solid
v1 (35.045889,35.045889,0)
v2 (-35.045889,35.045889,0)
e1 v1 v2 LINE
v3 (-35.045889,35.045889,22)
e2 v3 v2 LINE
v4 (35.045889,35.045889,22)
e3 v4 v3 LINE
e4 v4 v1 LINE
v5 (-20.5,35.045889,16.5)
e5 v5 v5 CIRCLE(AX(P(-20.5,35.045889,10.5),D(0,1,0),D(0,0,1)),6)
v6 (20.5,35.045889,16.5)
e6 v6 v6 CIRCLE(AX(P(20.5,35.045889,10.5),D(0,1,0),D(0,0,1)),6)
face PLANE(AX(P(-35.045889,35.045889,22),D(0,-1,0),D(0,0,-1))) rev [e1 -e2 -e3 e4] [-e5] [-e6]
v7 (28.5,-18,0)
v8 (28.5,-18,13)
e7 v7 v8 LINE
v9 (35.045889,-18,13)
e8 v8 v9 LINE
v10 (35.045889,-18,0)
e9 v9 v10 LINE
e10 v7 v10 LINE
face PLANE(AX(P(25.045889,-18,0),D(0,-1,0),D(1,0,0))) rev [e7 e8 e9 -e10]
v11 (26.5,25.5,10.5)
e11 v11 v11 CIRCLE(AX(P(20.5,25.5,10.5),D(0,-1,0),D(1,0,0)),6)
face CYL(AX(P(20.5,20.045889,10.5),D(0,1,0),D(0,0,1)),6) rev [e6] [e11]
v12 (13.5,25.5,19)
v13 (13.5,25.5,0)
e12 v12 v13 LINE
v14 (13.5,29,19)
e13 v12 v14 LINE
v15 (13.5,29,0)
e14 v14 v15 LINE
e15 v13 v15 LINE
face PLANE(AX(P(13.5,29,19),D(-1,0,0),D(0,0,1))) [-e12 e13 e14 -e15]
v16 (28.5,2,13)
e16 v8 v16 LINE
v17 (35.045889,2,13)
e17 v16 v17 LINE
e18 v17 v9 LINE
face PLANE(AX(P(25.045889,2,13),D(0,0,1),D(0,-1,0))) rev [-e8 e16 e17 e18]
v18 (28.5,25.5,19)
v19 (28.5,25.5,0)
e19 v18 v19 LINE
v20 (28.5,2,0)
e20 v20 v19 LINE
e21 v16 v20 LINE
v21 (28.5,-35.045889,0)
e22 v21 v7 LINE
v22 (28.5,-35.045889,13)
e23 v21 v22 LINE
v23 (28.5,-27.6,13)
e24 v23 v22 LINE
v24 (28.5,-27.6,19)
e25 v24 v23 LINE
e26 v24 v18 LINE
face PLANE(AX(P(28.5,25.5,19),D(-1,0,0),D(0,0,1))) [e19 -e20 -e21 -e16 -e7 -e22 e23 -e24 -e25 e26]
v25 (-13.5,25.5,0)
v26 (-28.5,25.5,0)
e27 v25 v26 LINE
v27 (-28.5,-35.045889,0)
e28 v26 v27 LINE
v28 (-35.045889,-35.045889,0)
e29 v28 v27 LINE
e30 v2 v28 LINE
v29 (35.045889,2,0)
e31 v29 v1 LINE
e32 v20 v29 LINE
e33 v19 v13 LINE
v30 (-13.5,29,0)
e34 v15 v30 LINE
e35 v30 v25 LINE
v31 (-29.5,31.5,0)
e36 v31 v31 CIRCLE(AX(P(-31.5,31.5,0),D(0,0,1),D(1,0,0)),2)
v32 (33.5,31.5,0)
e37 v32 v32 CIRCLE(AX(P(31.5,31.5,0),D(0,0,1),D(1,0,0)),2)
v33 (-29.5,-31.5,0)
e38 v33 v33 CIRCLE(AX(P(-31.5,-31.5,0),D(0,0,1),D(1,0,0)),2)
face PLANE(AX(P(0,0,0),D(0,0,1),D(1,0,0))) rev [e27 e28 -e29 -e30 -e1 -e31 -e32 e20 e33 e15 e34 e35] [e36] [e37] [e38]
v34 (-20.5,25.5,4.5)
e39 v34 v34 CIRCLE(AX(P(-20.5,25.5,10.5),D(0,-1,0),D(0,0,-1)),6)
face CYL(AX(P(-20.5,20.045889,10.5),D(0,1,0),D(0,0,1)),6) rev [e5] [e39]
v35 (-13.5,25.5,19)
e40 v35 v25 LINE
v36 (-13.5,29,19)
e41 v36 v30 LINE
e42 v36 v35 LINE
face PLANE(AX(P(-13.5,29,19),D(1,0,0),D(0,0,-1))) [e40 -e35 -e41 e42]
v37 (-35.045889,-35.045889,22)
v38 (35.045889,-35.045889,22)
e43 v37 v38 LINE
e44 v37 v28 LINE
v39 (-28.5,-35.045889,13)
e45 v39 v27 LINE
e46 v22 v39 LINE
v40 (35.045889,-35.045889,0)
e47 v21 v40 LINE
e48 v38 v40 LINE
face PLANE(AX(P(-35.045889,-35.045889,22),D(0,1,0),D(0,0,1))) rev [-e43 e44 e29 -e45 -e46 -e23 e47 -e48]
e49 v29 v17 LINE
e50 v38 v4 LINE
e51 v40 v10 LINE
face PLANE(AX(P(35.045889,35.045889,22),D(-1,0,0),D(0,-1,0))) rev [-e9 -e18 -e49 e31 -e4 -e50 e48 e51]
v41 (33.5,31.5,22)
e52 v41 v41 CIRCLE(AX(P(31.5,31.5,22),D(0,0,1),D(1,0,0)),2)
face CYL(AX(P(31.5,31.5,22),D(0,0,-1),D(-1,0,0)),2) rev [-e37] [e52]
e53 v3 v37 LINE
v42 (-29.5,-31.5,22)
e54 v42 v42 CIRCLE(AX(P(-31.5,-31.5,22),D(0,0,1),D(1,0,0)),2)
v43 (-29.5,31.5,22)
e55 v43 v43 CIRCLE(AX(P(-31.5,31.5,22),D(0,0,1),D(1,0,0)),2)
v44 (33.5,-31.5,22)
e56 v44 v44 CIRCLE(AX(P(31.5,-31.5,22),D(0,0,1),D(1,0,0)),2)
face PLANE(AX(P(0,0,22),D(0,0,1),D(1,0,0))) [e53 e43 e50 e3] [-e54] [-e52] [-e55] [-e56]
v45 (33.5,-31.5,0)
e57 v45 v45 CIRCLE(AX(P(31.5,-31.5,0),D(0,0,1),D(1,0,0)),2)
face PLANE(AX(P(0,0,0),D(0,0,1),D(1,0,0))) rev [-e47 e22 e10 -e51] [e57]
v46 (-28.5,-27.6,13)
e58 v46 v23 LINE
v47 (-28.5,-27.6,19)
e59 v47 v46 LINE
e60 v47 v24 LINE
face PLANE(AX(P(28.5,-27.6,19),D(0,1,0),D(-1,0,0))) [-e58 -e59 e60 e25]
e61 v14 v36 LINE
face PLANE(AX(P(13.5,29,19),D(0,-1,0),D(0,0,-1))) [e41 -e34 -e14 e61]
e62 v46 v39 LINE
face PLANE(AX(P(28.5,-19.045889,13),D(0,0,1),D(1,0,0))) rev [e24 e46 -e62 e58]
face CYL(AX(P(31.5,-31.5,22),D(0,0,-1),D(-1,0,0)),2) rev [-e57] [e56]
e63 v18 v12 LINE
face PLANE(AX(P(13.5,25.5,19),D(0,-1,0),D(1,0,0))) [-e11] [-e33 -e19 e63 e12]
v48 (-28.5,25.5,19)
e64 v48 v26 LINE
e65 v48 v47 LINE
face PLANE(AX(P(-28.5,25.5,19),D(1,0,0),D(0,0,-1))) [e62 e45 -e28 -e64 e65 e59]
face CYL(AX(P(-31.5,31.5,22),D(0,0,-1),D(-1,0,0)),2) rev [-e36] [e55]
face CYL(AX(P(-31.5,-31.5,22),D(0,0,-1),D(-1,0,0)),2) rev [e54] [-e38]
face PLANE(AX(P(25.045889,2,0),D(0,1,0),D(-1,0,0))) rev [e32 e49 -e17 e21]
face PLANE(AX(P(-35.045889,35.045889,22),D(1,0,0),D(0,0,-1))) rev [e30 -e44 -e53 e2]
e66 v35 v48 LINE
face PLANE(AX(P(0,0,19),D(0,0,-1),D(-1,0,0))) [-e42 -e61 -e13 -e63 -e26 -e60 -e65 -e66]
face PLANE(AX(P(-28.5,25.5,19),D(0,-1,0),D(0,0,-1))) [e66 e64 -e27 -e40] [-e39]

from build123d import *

# Parameters (mm, degrees)
SKETCH_1_W          = 70.091778518
SKETCH_1_H          = 70.091778518
SKETCH_1_R          = 2
EXTRUDE_1_DEPTH     = 22
CUT_EXTRUDE_4_DEPTH = 19
SKETCH_4_R          = 6
CUT_EXTRUDE_5_DEPTH = 15
SKETCH_4_3_R        = 6
CUT_EXTRUDE_6_DEPTH = 15
SKETCH_5_W          = 13
SKETCH_5_H          = 20
CUT_EXTRUDE_7_DEPTH = 10
SKETCH_6_W          = 57
SKETCH_6_H          = 13
CUT_EXTRUDE_8_DEPTH = 16


with BuildPart() as part:
    # 草图1 → 凸台-拉伸1 (new body)
    with BuildSketch(Plane.XY):
        Rectangle(SKETCH_1_W, SKETCH_1_H)
        with Locations((-31.5, -31.5)):
            Circle(SKETCH_1_R, mode=Mode.SUBTRACT)
        with Locations((-31.5, 31.5)):
            Circle(SKETCH_1_R, mode=Mode.SUBTRACT)
        with Locations((31.5, 31.5)):
            Circle(SKETCH_1_R, mode=Mode.SUBTRACT)
        with Locations((31.5, -31.5)):
            Circle(SKETCH_1_R, mode=Mode.SUBTRACT)
    extrude(amount=EXTRUDE_1_DEPTH)

    # 草图2 → 切除-拉伸4 (cut)
    with BuildSketch(Plane.XY):
        Polygon((-28.5, 25.5), (-13.5, 25.5), (-13.5, 29), (13.5, 29), (13.5, 25.5), (28.5, 25.5), (28.5, -27.6), (-28.5, -27.6), align=None)
    extrude(amount=CUT_EXTRUDE_4_DEPTH, mode=Mode.SUBTRACT)

    # 草图4 → 切除-拉伸5 (cut)
    with BuildSketch(Plane(origin=(0, 35.045889259, 0), x_dir=(1, 0, 0), z_dir=(0, 1, 0))):
        with Locations((20.5, -10.5)):
            Circle(SKETCH_4_R)
    extrude(amount=-CUT_EXTRUDE_5_DEPTH, mode=Mode.SUBTRACT)

    # 草图4<3> → 切除-拉伸6 (cut)
    with BuildSketch(Plane(origin=(0, 35.045889259, 0), x_dir=(1, 0, 0), z_dir=(0, 1, 0))):
        with Locations((20.5, -10.5)):
            Circle(SKETCH_4_3_R)
        with Locations((-20.5, -10.5)):
            Circle(SKETCH_4_3_R)
    extrude(amount=-CUT_EXTRUDE_6_DEPTH, mode=Mode.SUBTRACT)

    # 草图5 → 切除-拉伸7 (cut)
    with BuildSketch(Plane(origin=(35.045889259, 0, 0), x_dir=(0, 0, -1), z_dir=(1, 0, 0))):
        with Locations((-6.5, -8)):
            Rectangle(SKETCH_5_W, SKETCH_5_H)
    extrude(amount=-CUT_EXTRUDE_7_DEPTH, mode=Mode.SUBTRACT)

    # 草图6 → 切除-拉伸8 (cut)
    with BuildSketch(Plane(origin=(0, -35.045889259, 0), x_dir=(-1, 0, 0), z_dir=(0, -1, 0))):
        with Locations((0, -6.5)):
            Rectangle(SKETCH_6_W, SKETCH_6_H)
    extrude(amount=-CUT_EXTRUDE_8_DEPTH, mode=Mode.SUBTRACT)


solid = part.part
